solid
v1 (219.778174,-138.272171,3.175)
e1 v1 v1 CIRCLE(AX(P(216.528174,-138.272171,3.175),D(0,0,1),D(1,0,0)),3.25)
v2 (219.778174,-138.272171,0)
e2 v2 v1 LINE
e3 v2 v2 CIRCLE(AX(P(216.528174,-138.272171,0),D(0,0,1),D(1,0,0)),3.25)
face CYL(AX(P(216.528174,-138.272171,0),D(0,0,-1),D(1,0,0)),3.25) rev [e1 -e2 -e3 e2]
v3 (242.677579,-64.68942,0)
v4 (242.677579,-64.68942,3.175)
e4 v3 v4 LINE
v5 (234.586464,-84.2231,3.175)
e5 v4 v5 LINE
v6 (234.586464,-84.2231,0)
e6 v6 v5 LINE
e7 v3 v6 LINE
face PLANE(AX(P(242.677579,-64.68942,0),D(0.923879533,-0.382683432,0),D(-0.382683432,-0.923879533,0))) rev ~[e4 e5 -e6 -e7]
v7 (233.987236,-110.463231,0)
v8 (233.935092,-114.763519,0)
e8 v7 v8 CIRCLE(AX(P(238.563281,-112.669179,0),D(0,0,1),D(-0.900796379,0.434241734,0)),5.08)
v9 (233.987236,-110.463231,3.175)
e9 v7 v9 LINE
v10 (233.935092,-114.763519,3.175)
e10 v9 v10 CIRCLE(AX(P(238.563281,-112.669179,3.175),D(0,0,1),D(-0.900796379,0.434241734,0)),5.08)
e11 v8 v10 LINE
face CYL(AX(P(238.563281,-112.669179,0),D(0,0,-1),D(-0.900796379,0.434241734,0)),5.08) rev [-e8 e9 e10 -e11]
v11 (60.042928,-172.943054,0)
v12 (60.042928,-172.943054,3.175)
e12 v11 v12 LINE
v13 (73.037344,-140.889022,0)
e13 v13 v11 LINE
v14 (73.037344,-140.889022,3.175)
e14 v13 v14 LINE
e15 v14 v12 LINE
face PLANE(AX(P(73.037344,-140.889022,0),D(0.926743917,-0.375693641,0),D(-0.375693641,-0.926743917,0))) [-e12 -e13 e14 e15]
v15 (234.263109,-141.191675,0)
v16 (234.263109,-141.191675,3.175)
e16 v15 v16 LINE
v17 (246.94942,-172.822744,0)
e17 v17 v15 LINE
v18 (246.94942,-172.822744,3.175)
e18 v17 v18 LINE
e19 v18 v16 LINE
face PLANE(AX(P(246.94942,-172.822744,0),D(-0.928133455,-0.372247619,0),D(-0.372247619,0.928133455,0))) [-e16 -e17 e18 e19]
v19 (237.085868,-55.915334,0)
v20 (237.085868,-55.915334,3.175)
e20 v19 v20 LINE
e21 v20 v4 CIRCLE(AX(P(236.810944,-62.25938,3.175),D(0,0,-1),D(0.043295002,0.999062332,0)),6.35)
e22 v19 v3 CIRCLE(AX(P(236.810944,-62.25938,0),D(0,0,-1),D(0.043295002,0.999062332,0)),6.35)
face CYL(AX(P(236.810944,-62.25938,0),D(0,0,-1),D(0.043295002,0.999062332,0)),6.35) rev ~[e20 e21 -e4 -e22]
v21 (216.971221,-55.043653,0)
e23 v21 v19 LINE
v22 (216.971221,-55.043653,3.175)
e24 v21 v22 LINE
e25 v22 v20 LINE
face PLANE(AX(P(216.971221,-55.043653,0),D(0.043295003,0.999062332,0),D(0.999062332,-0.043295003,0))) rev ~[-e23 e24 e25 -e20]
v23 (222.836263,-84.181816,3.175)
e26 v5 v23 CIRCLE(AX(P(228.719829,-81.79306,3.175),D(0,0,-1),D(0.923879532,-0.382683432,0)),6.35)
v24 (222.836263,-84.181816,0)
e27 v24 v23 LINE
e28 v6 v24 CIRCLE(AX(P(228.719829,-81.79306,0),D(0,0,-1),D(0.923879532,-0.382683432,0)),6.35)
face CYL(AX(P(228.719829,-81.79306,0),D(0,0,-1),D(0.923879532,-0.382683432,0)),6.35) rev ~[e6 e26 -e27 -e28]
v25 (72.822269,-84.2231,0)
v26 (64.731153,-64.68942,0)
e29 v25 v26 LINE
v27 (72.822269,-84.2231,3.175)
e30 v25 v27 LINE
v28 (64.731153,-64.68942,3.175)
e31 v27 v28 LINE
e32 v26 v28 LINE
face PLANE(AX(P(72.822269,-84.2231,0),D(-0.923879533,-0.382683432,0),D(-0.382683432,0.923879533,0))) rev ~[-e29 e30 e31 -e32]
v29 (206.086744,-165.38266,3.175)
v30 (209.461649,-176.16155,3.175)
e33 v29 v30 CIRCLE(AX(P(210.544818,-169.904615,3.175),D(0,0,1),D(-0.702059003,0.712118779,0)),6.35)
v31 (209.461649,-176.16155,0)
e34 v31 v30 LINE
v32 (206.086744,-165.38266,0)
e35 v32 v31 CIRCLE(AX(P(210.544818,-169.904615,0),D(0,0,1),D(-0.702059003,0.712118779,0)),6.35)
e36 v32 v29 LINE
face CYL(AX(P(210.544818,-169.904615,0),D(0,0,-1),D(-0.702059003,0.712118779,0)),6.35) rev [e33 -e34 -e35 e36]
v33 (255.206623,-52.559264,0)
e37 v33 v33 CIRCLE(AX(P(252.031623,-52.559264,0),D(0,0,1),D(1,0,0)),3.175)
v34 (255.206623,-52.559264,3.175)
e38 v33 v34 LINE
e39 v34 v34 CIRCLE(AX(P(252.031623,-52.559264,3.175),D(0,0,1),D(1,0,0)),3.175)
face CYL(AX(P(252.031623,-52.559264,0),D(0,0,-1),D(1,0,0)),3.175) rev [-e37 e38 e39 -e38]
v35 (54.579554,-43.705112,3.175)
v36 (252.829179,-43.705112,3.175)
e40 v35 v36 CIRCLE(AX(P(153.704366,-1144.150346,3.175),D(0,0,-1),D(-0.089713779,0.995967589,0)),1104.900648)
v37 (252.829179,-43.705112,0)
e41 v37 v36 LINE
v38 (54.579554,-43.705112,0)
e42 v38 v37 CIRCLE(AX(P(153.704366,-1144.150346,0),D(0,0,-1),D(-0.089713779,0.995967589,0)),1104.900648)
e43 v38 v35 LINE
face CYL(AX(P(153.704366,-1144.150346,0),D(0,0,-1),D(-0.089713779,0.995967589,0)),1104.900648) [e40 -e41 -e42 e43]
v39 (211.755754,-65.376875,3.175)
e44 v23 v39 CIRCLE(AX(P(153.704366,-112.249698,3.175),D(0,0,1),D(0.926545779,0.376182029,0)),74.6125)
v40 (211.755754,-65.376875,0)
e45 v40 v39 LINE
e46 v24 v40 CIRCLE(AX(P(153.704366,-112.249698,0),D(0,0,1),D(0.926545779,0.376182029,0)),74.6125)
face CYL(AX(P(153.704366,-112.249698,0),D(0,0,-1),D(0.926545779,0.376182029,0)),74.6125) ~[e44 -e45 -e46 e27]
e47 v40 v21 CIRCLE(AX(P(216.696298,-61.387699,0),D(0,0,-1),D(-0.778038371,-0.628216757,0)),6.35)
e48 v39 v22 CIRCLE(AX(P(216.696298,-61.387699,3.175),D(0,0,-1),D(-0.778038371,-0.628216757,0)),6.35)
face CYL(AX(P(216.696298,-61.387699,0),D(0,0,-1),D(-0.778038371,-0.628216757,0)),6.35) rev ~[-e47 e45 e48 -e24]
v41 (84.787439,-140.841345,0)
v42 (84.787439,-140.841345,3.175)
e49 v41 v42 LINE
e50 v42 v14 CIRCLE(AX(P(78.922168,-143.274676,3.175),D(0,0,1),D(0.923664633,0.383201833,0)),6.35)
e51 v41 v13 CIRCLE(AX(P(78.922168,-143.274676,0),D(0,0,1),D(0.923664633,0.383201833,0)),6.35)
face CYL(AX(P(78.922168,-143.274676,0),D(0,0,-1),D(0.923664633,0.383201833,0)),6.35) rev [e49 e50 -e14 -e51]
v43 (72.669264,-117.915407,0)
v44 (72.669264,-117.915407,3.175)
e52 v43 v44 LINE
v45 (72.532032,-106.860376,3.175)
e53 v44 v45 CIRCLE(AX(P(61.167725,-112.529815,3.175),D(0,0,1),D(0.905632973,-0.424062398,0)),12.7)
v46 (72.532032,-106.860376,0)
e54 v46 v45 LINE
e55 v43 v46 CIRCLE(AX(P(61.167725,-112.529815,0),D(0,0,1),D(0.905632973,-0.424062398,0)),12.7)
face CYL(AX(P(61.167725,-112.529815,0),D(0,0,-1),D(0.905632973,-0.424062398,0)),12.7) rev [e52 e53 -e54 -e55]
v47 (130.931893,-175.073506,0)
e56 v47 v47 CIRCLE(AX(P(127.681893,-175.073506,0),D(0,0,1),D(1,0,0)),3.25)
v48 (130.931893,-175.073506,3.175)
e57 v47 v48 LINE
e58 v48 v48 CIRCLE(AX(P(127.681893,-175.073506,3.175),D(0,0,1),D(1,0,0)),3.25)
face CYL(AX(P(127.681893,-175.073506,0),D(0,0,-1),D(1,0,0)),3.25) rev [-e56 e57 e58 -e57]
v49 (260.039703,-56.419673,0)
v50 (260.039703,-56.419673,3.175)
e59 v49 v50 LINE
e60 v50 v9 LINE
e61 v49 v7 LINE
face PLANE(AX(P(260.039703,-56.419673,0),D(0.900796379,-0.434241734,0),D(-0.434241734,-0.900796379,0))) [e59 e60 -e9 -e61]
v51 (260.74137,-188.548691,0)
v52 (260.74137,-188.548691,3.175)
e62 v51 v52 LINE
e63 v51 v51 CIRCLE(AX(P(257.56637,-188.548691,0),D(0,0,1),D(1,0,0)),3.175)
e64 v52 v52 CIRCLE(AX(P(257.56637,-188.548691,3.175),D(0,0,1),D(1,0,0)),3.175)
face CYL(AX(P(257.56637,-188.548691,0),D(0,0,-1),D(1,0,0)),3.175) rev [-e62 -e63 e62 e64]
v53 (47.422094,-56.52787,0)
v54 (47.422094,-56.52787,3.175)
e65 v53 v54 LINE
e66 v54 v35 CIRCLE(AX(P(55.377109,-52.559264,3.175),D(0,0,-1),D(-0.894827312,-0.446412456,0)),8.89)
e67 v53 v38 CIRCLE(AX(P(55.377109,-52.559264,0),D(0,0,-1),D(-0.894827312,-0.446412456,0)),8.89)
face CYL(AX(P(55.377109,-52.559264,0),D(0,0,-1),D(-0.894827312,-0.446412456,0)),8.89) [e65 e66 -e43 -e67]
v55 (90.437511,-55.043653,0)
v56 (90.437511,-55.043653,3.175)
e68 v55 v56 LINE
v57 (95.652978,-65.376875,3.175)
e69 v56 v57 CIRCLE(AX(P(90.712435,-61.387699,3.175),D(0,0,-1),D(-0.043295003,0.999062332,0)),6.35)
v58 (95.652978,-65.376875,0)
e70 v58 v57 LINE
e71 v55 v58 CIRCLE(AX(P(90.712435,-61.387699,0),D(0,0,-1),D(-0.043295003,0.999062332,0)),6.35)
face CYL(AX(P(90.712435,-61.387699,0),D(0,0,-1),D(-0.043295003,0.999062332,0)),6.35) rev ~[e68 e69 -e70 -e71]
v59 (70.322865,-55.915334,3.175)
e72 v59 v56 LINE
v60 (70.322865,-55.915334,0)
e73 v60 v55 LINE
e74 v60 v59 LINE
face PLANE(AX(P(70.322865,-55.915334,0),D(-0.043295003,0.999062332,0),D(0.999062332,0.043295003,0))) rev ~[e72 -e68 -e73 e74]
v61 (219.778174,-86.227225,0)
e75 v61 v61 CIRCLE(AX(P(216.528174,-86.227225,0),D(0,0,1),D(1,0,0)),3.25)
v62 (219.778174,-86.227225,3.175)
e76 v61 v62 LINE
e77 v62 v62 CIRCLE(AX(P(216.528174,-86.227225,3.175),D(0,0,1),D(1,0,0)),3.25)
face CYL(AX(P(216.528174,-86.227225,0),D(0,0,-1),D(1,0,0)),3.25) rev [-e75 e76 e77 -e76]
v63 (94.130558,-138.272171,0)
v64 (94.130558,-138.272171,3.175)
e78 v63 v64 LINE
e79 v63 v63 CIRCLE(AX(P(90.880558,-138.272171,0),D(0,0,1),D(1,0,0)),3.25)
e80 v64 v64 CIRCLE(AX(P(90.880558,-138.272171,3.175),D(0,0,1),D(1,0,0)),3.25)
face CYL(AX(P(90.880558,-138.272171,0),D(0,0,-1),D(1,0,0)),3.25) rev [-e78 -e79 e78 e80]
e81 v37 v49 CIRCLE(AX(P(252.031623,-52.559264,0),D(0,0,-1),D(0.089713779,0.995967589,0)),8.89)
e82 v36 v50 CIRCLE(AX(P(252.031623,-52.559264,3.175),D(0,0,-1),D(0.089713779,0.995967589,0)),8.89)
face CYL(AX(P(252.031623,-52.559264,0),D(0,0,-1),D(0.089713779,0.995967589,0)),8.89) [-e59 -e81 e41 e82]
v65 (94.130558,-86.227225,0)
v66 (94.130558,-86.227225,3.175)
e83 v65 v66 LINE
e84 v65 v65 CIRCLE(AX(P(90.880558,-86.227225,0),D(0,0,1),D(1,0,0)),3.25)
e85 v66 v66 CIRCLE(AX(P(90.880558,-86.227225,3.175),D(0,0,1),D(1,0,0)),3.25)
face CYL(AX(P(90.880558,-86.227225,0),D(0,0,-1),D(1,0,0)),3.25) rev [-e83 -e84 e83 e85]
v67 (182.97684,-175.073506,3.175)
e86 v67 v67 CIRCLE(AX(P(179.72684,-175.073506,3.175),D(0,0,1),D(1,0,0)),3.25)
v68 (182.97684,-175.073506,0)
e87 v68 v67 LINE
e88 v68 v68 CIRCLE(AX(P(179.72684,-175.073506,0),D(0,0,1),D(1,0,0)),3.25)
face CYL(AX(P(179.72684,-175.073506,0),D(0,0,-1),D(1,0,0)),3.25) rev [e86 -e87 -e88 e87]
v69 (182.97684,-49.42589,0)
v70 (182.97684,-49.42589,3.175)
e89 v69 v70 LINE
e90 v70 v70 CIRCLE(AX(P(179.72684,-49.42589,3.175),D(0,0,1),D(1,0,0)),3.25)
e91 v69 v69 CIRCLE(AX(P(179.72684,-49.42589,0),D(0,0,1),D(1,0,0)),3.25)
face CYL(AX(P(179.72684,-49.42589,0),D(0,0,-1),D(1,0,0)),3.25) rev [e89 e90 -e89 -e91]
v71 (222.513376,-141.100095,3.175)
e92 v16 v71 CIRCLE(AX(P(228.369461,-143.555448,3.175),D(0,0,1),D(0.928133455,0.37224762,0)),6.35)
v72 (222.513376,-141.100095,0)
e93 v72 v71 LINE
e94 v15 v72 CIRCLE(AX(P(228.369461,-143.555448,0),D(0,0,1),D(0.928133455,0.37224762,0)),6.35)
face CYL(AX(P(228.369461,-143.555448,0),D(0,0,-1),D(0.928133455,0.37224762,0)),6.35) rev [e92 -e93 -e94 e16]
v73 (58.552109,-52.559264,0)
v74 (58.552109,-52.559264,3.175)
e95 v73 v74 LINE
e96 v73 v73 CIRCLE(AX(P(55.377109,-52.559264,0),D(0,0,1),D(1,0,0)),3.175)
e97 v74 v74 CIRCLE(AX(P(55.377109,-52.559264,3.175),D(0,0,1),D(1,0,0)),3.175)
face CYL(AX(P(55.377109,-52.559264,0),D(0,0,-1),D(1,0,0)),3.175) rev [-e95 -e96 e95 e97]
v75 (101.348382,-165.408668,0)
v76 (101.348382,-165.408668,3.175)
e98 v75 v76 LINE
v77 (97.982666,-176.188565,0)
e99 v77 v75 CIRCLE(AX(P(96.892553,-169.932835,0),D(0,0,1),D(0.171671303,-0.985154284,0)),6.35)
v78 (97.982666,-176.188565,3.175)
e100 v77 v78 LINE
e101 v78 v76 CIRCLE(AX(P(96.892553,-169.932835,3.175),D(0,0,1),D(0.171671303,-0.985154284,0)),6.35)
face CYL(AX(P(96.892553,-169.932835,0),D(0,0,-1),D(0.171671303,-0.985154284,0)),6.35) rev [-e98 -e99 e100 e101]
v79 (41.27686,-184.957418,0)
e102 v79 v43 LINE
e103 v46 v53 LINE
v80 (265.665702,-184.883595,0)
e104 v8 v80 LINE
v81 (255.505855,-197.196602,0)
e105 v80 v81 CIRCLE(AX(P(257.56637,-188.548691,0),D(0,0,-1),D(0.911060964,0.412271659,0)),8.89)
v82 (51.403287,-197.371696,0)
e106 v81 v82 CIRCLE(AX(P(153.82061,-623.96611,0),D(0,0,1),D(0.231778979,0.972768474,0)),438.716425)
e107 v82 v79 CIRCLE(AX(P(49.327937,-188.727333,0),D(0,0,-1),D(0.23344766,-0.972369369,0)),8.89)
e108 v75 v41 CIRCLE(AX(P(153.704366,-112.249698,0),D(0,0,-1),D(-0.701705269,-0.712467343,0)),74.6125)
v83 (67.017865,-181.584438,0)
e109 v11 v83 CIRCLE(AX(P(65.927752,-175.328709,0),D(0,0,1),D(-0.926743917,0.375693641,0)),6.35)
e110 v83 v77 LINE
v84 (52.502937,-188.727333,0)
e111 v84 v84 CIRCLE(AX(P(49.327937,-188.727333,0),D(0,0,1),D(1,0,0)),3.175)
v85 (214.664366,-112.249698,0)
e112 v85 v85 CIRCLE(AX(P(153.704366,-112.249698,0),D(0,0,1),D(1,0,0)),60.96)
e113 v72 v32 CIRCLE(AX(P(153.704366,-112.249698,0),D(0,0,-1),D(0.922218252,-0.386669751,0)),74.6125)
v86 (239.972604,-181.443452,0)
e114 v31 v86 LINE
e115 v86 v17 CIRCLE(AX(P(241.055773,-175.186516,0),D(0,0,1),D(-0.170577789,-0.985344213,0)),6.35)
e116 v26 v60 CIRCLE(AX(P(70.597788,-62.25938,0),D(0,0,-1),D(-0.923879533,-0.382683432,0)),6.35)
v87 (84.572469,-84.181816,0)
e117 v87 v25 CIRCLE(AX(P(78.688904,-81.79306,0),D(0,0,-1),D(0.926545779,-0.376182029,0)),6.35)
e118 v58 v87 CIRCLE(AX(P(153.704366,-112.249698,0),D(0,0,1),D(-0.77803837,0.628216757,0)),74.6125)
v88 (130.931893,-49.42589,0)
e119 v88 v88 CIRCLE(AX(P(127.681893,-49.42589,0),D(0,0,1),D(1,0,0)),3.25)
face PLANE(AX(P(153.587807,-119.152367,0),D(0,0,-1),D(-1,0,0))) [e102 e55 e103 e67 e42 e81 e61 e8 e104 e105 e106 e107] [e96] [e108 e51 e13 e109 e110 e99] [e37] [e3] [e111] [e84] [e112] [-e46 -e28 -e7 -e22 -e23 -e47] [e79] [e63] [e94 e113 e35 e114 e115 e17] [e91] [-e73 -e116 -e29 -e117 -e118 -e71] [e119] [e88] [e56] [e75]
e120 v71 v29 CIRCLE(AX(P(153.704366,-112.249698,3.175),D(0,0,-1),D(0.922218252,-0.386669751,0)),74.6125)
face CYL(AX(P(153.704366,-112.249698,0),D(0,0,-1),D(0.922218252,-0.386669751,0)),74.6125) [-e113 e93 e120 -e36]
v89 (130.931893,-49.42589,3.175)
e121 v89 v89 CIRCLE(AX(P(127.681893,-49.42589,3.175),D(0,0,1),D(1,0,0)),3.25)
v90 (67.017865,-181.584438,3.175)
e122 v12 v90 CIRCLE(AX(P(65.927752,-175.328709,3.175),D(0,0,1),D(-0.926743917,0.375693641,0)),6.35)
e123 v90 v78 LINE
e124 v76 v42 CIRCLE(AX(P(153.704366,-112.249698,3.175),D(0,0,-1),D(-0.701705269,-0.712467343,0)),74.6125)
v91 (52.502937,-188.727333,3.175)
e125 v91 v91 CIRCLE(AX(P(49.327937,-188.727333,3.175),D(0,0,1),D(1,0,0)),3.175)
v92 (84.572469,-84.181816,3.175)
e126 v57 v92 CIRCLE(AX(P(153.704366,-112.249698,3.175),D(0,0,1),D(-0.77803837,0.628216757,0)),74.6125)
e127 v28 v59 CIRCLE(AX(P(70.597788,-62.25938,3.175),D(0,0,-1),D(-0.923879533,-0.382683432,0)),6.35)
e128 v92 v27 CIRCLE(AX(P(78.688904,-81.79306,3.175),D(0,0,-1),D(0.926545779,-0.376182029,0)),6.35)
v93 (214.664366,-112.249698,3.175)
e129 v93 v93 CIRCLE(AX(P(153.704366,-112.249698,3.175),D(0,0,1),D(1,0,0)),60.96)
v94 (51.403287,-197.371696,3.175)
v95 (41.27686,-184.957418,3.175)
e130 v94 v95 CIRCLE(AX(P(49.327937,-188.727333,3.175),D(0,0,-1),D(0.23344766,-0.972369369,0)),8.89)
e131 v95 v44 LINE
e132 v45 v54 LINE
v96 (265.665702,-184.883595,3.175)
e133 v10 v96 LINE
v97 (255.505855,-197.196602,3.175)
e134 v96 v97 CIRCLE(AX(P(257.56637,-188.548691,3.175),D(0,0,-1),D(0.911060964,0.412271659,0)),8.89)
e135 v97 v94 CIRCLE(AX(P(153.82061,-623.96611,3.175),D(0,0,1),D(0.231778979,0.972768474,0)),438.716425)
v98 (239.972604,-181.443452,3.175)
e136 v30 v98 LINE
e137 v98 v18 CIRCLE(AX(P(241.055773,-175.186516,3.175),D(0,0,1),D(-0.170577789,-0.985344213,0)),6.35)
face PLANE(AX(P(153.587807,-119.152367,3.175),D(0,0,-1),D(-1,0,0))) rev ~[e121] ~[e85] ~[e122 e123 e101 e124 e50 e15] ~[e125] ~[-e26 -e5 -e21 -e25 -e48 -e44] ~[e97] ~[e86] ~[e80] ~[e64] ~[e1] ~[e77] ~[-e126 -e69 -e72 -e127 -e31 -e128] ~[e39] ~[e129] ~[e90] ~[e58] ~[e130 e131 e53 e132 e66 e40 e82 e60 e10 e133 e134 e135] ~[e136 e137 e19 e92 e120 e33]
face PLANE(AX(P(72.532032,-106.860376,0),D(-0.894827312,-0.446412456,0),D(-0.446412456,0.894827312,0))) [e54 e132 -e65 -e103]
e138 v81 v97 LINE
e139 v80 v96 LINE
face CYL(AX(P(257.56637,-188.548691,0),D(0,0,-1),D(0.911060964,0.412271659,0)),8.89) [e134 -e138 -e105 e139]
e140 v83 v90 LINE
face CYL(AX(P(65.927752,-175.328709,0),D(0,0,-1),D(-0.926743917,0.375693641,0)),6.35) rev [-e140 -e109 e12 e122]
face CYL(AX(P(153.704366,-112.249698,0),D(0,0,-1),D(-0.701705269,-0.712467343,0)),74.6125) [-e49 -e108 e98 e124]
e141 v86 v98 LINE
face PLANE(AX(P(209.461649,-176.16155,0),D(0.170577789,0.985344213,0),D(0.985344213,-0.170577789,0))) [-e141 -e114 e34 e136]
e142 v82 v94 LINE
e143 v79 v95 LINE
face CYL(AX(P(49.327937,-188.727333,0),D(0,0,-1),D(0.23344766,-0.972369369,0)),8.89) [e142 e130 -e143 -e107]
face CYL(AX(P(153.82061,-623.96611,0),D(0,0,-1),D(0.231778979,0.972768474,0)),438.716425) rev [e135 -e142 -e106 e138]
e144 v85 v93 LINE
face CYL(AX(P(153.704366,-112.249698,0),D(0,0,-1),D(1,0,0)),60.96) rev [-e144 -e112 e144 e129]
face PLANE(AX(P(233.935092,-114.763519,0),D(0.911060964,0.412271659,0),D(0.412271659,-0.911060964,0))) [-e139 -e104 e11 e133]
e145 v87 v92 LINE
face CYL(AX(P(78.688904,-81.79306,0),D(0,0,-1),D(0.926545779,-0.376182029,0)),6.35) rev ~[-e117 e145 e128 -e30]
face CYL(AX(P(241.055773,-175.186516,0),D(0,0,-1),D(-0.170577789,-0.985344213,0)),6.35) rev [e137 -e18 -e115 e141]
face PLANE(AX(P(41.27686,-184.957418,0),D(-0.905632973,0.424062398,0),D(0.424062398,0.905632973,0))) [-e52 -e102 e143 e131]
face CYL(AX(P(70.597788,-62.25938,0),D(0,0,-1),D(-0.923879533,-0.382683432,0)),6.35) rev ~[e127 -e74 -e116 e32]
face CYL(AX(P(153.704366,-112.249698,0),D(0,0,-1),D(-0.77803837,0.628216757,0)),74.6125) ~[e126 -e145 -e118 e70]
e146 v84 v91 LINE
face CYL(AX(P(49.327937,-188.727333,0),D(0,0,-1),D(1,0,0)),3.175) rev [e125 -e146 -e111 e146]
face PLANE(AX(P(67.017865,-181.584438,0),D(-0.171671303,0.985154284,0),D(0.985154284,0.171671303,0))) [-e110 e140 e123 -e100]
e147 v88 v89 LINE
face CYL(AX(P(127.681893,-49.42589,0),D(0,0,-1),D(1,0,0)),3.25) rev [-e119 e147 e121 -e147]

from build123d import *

# Parameters (mm, degrees)
SKETCH5_R           = 3.175
SKETCH5_R_2         = 3.25
SKETCH5_R_3         = 60.96
BOSS_EXTRUDE2_DEPTH = 3.175


with BuildPart() as part:
    # Sketch5 → Boss-Extrude2 (new body)
    with BuildSketch(Plane.XY):
        with BuildLine():
            Line((233.935091571, -114.763518579), (265.665701875, -184.883595476))
            ThreePointArc((265.665701875, -184.883595476), (264.423436425, -194.206670618), (255.505854783, -197.196602259))
            ThreePointArc((255.505854783, -197.196602259), (153.444246818, -185.249846144), (51.403286659, -197.37169633))
            ThreePointArc((51.403286659, -197.37169633), (42.43911219, -194.346602456), (41.276859828, -184.957417917))
            Line((41.276859828, -184.957417917), (72.669263517, -117.915407124))
            ThreePointArc((72.669263517, -117.915407124), (73.866746362, -112.37217505), (72.532031625, -106.860376473))
            Line((72.532031625, -106.860376473), (47.422094343, -56.527870305))
            ThreePointArc((47.422094343, -56.527870305), (47.614528636, -48.22631495), (54.579553655, -43.705111707))
            ThreePointArc((54.579553655, -43.705111707), (153.704366218, -39.249697911), (252.829178781, -43.705111707))
            ThreePointArc((252.829178781, -43.705111707), (259.764657482, -48.173800982), (260.039703094, -56.419672588))
            Line((260.039703094, -56.419672588), (233.987235662, -110.463230544))
            ThreePointArc((233.987235662, -110.463230544), (233.48365469, -112.607584422), (233.935091571, -114.763518579))
        make_face()
        with Locations((49.32793696, -188.727332639)):
            Circle(SKETCH5_R, mode=Mode.SUBTRACT)
        with Locations((55.377109151, -52.559263571)):
            Circle(SKETCH5_R, mode=Mode.SUBTRACT)
        with Locations((252.031623286, -52.559263571)):
            Circle(SKETCH5_R, mode=Mode.SUBTRACT)
        with Locations((90.880558007, -138.272171312)):
            Circle(SKETCH5_R_2, mode=Mode.SUBTRACT)
        with Locations((127.681892817, -175.073506122)):
            Circle(SKETCH5_R_2, mode=Mode.SUBTRACT)
        with Locations((179.726839619, -175.073506122)):
            Circle(SKETCH5_R_2, mode=Mode.SUBTRACT)
        with Locations((216.528174429, -138.272171312)):
            Circle(SKETCH5_R_2, mode=Mode.SUBTRACT)
        with Locations((216.528174429, -86.227224511)):
            Circle(SKETCH5_R_2, mode=Mode.SUBTRACT)
        with Locations((179.726839619, -49.425889701)):
            Circle(SKETCH5_R_2, mode=Mode.SUBTRACT)
        with Locations((127.681892817, -49.425889701)):
            Circle(SKETCH5_R_2, mode=Mode.SUBTRACT)
        with Locations((90.880558007, -86.227224511)):
            Circle(SKETCH5_R_2, mode=Mode.SUBTRACT)
        with Locations((153.704366218, -112.249697911)):
            Circle(SKETCH5_R_3, mode=Mode.SUBTRACT)
        with Locations((257.566369908, -188.548690521)):
            Circle(SKETCH5_R, mode=Mode.SUBTRACT)
        with BuildLine():
            Line((209.461649294, -176.161550354), (239.97260378, -181.443451933))
            ThreePointArc((239.97260378, -181.443451933), (245.991796239, -179.18128426), (246.949420177, -172.822743797))
            Line((246.949420177, -172.822743797), (234.263108846, -141.191675264))
            ThreePointArc((234.263108846, -141.191675264), (228.418953488, -137.205640522), (222.513375511, -141.100094727))
            ThreePointArc((222.513375511, -141.100094727), (215.504437403, -154.056113183), (206.086743584, -165.382660352))
            ThreePointArc((206.086743584, -165.382660352), (204.484912095, -171.801991039), (209.461649294, -176.161550354))
        make_face(mode=Mode.SUBTRACT)
        with BuildLine():
            Line((216.971221053, -55.043652894), (237.085867612, -55.91533392))
            ThreePointArc((237.085867612, -55.91533392), (242.165926056, -58.84665781), (242.677579376, -64.689419522))
            Line((242.677579376, -64.689419522), (234.586463913, -84.223100209))
            ThreePointArc((234.586463913, -84.223100209), (228.697518519, -88.14302122), (222.836263182, -84.181816295))
            ThreePointArc((222.836263182, -84.181816295), (217.987361181, -74.371977351), (211.755754133, -65.37687511))
            ThreePointArc((211.755754133, -65.37687511), (211.027446603, -58.526470596), (216.971221053, -55.043652894))
        make_face(mode=Mode.SUBTRACT)
        with BuildLine():
            Line((67.017865041, -181.584438257), (97.982666146, -176.188564905))
            ThreePointArc((97.982666146, -176.188564905), (102.953981644, -171.82534341), (101.348381832, -165.40866757))
            ThreePointArc((101.348381832, -165.40866757), (91.836215085, -153.955297436), (84.787438766, -140.841344712))
            ThreePointArc((84.787438766, -140.841344712), (78.896402882, -136.924728627), (73.037344469, -140.889021736))
            Line((73.037344469, -140.889021736), (60.042928393, -172.943053933))
            ThreePointArc((60.042928393, -172.943053933), (60.98652829, -179.31704224), (67.017865041, -181.584438257))
        make_face(mode=Mode.SUBTRACT)
        with BuildLine():
            Line((70.322864824, -55.91533392), (90.437511384, -55.043652894))
            ThreePointArc((90.437511384, -55.043652894), (96.381285834, -58.526470596), (95.652978303, -65.37687511))
            ThreePointArc((95.652978303, -65.37687511), (89.421371255, -74.371977351), (84.572469254, -84.181816295))
            ThreePointArc((84.572469254, -84.181816295), (78.711213917, -88.14302122), (72.822268524, -84.223100209))
            Line((72.822268524, -84.223100209), (64.73115306, -64.689419522))
            ThreePointArc((64.73115306, -64.689419522), (65.242806381, -58.84665781), (70.322864824, -55.91533392))
        make_face(mode=Mode.SUBTRACT)
    extrude(amount=BOSS_EXTRUDE2_DEPTH)


solid = part.part
